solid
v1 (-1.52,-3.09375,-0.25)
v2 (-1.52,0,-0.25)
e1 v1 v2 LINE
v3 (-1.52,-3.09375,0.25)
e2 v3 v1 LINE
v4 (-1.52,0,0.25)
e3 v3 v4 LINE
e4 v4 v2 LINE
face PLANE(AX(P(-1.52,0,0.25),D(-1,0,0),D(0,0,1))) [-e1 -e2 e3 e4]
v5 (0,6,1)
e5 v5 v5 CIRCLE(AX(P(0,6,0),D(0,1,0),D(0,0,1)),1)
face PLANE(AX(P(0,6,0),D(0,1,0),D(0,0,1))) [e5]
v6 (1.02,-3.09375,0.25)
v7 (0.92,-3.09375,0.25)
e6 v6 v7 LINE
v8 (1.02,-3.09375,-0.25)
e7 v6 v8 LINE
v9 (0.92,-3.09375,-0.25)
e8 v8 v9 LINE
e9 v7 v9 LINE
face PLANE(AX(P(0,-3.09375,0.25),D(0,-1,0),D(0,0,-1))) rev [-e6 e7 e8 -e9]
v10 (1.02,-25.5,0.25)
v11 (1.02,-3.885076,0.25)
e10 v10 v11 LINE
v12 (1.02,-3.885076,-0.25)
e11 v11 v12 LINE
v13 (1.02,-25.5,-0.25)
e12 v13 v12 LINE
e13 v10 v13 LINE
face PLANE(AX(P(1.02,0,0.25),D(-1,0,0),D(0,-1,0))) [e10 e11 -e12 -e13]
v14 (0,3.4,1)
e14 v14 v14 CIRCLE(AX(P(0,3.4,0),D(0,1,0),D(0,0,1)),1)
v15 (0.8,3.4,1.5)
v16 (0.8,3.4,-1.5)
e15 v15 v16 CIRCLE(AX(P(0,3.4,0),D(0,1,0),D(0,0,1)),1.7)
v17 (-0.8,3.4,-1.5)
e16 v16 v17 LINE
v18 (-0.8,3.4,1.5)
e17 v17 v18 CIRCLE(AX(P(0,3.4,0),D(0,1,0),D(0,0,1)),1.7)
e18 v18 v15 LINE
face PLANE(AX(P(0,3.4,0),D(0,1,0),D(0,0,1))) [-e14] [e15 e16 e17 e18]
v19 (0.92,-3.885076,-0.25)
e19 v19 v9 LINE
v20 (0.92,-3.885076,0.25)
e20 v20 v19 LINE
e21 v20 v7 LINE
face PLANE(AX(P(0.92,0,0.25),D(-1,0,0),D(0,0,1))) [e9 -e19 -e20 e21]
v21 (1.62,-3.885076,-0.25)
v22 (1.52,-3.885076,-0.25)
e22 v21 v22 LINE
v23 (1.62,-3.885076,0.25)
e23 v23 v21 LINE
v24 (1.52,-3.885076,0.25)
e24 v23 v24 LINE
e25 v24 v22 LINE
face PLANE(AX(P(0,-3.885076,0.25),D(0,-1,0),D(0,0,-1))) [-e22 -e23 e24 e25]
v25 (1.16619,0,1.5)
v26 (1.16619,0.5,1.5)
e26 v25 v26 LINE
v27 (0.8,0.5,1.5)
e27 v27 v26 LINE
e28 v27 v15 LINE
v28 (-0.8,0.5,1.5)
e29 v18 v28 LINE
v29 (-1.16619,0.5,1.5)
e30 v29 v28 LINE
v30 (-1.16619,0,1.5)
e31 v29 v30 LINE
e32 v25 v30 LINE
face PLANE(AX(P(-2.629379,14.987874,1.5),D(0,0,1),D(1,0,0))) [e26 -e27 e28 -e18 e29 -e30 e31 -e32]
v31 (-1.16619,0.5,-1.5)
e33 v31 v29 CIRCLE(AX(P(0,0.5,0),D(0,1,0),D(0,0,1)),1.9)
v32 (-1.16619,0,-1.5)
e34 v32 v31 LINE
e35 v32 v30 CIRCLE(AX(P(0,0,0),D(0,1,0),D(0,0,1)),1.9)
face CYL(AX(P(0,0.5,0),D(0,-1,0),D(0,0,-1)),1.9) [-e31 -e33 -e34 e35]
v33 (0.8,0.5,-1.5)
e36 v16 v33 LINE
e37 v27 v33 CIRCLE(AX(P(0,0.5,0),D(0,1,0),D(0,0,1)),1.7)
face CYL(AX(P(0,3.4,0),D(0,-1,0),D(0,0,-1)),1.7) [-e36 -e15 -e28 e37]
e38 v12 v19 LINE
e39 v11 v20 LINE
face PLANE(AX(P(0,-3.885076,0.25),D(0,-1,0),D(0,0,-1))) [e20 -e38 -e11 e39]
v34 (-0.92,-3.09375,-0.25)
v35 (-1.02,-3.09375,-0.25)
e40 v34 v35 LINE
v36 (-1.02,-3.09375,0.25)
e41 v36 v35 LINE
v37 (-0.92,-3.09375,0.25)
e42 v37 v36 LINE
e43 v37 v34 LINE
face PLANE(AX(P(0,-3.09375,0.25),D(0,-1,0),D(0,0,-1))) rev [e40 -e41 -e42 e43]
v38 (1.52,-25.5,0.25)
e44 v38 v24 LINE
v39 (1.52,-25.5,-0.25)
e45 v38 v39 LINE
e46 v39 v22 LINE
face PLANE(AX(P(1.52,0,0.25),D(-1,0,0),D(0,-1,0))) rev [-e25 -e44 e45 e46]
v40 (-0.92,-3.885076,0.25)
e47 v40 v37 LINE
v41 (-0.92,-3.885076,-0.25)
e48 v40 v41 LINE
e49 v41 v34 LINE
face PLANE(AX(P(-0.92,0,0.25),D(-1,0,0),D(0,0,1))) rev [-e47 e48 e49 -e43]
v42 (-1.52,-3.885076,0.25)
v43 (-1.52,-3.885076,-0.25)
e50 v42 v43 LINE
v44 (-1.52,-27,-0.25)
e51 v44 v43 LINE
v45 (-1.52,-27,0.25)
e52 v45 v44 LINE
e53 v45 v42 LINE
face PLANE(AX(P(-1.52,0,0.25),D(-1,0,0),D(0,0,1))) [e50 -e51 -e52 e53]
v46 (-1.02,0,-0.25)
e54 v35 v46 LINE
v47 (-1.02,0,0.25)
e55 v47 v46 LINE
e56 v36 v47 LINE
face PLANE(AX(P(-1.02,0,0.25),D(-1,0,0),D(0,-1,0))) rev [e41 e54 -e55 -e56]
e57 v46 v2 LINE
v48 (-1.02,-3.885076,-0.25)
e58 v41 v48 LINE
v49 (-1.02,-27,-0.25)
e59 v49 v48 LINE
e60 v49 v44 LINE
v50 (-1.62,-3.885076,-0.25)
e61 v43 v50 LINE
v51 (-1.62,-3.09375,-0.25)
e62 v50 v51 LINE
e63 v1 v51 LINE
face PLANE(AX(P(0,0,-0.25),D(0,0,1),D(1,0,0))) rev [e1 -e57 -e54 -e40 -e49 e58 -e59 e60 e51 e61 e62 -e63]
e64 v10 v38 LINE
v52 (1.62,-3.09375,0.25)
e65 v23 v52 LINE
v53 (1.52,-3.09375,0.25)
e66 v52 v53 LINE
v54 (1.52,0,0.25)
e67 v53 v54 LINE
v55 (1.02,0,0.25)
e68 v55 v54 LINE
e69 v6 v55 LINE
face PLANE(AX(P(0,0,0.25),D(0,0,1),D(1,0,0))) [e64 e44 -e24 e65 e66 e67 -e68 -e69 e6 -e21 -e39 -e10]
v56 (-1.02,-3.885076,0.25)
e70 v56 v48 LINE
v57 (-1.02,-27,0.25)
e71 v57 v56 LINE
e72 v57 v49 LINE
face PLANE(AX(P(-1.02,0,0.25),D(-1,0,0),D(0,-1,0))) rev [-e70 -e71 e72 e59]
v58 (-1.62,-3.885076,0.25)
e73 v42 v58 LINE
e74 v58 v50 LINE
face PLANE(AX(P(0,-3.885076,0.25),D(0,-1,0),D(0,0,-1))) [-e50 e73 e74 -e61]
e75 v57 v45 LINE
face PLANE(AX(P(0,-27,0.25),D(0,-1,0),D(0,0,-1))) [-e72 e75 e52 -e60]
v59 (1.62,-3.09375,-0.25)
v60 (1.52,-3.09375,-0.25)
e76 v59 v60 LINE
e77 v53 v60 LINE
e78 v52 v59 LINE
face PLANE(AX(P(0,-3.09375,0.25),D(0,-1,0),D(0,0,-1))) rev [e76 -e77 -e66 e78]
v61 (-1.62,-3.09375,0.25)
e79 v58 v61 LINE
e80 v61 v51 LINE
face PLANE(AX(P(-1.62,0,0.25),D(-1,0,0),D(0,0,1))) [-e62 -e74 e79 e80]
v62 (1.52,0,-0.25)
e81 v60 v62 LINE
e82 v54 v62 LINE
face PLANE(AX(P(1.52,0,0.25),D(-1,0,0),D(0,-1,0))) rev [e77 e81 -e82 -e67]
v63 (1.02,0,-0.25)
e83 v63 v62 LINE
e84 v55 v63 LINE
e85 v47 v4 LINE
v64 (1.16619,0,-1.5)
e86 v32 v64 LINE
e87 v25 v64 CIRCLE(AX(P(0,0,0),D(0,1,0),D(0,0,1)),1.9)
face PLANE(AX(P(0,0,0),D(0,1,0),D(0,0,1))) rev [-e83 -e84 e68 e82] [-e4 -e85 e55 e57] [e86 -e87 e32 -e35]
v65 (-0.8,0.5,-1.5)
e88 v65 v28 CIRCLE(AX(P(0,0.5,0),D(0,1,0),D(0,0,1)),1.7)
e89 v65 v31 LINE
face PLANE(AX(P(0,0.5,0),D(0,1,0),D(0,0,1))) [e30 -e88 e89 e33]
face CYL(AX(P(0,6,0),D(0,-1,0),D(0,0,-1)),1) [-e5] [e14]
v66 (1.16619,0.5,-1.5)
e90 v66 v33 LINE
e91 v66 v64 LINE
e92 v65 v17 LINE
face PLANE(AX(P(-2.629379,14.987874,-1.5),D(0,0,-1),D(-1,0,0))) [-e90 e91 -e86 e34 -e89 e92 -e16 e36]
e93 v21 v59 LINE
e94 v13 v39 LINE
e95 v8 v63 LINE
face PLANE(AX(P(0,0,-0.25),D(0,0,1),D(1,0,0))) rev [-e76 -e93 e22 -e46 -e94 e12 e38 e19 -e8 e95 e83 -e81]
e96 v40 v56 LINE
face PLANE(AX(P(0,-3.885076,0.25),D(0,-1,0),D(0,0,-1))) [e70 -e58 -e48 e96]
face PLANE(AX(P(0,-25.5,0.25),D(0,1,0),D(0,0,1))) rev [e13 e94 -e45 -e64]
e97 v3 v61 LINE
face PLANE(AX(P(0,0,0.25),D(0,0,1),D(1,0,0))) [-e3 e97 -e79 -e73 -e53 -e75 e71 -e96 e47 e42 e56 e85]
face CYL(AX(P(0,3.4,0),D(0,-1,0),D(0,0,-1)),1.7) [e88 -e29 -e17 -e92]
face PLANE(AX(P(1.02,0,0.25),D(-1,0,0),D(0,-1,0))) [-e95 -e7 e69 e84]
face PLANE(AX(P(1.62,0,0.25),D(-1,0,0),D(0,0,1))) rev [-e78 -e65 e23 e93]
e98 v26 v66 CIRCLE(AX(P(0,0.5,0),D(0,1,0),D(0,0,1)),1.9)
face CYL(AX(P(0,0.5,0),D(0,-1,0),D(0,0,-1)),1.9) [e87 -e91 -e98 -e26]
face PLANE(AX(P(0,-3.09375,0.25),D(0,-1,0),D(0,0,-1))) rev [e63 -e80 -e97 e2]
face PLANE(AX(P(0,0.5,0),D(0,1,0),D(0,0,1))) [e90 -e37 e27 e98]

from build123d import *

# Parameters (mm, degrees)
SKETCH_1_R          = 1.9
EXTRUDE_1_DEPTH     = 0.5
SKETCH_2_R          = 1.7
EXTRUDE_2_DEPTH     = 2.9
SKETCH_3_R          = 1
EXTRUDE_3_DEPTH     = 2.6
SKETCH_4_W          = 0.5
SKETCH_4_H          = 25.5
SKETCH_4_H_2        = 27
SKETCH_4_W_2        = 0.7
SKETCH_4_H_3        = 0.791326506
EXTRUDE_4_DEPTH     = 0.25
CUT_EXTRUDE_2_REACH = 29.133
SKETCH_5_W          = 6.962557402
SKETCH_5_H          = 5.683720328
SKETCH_5_W_2        = 5.258758642
SKETCH_5_H_2        = 3


with BuildPart() as part:
    # Эскиз1 → Бобышка-Вытянуть1 (new body)
    with BuildSketch(Plane(origin=(0, 0, 0), x_dir=(1, 0, 0), z_dir=(0, 1, 0))):
        with Locations(Location((0, 0, 0), (0, 0, 270))):
            Circle(SKETCH_1_R)
    extrude(amount=EXTRUDE_1_DEPTH)

    # Эскиз2 → Бобышка-Вытянуть2 (add)
    with BuildSketch(Plane(origin=(0, 0.5, 0), x_dir=(1, 0, 0), z_dir=(0, 1, 0))):
        with Locations(Location((0, 0, 0), (0, 0, 270))):
            Circle(SKETCH_2_R)
    extrude(amount=EXTRUDE_2_DEPTH)

    # Эскиз3 → Бобышка-Вытянуть3 (add)
    with BuildSketch(Plane(origin=(0, 3.4, 0), x_dir=(1, 0, 0), z_dir=(0, 1, 0))):
        with Locations(Location((0, 0, 0), (0, 0, 270))):
            Circle(SKETCH_3_R)
    extrude(amount=EXTRUDE_3_DEPTH)

    # Эскиз4 → Бобышка-Вытянуть4 (add, symmetric)
    with BuildSketch(Plane.XY):
        with Locations((1.27, -12.75)):
            Rectangle(SKETCH_4_W, SKETCH_4_H)
        with Locations((-1.27, -13.5)):
            Rectangle(SKETCH_4_W, SKETCH_4_H_2)
        with Locations((1.27, -3.489413043)):
            Rectangle(SKETCH_4_W_2, SKETCH_4_H_3)
        with Locations((-1.27, -3.489413043)):
            Rectangle(SKETCH_4_W_2, SKETCH_4_H_3)
    extrude(amount=EXTRUDE_4_DEPTH, both=True)

    # Вырез-Вытянуть2: up to this face of the body (flat: up to its plane)
    cut_extrude_2_end = Plane(part.part.faces().sort_by_distance((0, 6, 0))[0])
    # Эскиз5 → Вырез-Вытянуть2 (cut, up to the picked face)
    with BuildSketch(Plane.XZ, mode=Mode.PRIVATE) as cut_extrude_2_sk1:
        Rectangle(SKETCH_5_W, SKETCH_5_H)
        Rectangle(SKETCH_5_W_2, SKETCH_5_H_2, mode=Mode.SUBTRACT)
    cut_extrude_2_tool1 = split(extrude(cut_extrude_2_sk1.sketch, amount=-CUT_EXTRUDE_2_REACH, mode=Mode.PRIVATE), bisect_by=cut_extrude_2_end, keep=Keep.BOTH, mode=Mode.PRIVATE)
    add(cut_extrude_2_tool1.solids().sort_by(Axis((0, 0, -2.751981), (0, 1, 0)))[0], mode=Mode.SUBTRACT)


solid = part.part
